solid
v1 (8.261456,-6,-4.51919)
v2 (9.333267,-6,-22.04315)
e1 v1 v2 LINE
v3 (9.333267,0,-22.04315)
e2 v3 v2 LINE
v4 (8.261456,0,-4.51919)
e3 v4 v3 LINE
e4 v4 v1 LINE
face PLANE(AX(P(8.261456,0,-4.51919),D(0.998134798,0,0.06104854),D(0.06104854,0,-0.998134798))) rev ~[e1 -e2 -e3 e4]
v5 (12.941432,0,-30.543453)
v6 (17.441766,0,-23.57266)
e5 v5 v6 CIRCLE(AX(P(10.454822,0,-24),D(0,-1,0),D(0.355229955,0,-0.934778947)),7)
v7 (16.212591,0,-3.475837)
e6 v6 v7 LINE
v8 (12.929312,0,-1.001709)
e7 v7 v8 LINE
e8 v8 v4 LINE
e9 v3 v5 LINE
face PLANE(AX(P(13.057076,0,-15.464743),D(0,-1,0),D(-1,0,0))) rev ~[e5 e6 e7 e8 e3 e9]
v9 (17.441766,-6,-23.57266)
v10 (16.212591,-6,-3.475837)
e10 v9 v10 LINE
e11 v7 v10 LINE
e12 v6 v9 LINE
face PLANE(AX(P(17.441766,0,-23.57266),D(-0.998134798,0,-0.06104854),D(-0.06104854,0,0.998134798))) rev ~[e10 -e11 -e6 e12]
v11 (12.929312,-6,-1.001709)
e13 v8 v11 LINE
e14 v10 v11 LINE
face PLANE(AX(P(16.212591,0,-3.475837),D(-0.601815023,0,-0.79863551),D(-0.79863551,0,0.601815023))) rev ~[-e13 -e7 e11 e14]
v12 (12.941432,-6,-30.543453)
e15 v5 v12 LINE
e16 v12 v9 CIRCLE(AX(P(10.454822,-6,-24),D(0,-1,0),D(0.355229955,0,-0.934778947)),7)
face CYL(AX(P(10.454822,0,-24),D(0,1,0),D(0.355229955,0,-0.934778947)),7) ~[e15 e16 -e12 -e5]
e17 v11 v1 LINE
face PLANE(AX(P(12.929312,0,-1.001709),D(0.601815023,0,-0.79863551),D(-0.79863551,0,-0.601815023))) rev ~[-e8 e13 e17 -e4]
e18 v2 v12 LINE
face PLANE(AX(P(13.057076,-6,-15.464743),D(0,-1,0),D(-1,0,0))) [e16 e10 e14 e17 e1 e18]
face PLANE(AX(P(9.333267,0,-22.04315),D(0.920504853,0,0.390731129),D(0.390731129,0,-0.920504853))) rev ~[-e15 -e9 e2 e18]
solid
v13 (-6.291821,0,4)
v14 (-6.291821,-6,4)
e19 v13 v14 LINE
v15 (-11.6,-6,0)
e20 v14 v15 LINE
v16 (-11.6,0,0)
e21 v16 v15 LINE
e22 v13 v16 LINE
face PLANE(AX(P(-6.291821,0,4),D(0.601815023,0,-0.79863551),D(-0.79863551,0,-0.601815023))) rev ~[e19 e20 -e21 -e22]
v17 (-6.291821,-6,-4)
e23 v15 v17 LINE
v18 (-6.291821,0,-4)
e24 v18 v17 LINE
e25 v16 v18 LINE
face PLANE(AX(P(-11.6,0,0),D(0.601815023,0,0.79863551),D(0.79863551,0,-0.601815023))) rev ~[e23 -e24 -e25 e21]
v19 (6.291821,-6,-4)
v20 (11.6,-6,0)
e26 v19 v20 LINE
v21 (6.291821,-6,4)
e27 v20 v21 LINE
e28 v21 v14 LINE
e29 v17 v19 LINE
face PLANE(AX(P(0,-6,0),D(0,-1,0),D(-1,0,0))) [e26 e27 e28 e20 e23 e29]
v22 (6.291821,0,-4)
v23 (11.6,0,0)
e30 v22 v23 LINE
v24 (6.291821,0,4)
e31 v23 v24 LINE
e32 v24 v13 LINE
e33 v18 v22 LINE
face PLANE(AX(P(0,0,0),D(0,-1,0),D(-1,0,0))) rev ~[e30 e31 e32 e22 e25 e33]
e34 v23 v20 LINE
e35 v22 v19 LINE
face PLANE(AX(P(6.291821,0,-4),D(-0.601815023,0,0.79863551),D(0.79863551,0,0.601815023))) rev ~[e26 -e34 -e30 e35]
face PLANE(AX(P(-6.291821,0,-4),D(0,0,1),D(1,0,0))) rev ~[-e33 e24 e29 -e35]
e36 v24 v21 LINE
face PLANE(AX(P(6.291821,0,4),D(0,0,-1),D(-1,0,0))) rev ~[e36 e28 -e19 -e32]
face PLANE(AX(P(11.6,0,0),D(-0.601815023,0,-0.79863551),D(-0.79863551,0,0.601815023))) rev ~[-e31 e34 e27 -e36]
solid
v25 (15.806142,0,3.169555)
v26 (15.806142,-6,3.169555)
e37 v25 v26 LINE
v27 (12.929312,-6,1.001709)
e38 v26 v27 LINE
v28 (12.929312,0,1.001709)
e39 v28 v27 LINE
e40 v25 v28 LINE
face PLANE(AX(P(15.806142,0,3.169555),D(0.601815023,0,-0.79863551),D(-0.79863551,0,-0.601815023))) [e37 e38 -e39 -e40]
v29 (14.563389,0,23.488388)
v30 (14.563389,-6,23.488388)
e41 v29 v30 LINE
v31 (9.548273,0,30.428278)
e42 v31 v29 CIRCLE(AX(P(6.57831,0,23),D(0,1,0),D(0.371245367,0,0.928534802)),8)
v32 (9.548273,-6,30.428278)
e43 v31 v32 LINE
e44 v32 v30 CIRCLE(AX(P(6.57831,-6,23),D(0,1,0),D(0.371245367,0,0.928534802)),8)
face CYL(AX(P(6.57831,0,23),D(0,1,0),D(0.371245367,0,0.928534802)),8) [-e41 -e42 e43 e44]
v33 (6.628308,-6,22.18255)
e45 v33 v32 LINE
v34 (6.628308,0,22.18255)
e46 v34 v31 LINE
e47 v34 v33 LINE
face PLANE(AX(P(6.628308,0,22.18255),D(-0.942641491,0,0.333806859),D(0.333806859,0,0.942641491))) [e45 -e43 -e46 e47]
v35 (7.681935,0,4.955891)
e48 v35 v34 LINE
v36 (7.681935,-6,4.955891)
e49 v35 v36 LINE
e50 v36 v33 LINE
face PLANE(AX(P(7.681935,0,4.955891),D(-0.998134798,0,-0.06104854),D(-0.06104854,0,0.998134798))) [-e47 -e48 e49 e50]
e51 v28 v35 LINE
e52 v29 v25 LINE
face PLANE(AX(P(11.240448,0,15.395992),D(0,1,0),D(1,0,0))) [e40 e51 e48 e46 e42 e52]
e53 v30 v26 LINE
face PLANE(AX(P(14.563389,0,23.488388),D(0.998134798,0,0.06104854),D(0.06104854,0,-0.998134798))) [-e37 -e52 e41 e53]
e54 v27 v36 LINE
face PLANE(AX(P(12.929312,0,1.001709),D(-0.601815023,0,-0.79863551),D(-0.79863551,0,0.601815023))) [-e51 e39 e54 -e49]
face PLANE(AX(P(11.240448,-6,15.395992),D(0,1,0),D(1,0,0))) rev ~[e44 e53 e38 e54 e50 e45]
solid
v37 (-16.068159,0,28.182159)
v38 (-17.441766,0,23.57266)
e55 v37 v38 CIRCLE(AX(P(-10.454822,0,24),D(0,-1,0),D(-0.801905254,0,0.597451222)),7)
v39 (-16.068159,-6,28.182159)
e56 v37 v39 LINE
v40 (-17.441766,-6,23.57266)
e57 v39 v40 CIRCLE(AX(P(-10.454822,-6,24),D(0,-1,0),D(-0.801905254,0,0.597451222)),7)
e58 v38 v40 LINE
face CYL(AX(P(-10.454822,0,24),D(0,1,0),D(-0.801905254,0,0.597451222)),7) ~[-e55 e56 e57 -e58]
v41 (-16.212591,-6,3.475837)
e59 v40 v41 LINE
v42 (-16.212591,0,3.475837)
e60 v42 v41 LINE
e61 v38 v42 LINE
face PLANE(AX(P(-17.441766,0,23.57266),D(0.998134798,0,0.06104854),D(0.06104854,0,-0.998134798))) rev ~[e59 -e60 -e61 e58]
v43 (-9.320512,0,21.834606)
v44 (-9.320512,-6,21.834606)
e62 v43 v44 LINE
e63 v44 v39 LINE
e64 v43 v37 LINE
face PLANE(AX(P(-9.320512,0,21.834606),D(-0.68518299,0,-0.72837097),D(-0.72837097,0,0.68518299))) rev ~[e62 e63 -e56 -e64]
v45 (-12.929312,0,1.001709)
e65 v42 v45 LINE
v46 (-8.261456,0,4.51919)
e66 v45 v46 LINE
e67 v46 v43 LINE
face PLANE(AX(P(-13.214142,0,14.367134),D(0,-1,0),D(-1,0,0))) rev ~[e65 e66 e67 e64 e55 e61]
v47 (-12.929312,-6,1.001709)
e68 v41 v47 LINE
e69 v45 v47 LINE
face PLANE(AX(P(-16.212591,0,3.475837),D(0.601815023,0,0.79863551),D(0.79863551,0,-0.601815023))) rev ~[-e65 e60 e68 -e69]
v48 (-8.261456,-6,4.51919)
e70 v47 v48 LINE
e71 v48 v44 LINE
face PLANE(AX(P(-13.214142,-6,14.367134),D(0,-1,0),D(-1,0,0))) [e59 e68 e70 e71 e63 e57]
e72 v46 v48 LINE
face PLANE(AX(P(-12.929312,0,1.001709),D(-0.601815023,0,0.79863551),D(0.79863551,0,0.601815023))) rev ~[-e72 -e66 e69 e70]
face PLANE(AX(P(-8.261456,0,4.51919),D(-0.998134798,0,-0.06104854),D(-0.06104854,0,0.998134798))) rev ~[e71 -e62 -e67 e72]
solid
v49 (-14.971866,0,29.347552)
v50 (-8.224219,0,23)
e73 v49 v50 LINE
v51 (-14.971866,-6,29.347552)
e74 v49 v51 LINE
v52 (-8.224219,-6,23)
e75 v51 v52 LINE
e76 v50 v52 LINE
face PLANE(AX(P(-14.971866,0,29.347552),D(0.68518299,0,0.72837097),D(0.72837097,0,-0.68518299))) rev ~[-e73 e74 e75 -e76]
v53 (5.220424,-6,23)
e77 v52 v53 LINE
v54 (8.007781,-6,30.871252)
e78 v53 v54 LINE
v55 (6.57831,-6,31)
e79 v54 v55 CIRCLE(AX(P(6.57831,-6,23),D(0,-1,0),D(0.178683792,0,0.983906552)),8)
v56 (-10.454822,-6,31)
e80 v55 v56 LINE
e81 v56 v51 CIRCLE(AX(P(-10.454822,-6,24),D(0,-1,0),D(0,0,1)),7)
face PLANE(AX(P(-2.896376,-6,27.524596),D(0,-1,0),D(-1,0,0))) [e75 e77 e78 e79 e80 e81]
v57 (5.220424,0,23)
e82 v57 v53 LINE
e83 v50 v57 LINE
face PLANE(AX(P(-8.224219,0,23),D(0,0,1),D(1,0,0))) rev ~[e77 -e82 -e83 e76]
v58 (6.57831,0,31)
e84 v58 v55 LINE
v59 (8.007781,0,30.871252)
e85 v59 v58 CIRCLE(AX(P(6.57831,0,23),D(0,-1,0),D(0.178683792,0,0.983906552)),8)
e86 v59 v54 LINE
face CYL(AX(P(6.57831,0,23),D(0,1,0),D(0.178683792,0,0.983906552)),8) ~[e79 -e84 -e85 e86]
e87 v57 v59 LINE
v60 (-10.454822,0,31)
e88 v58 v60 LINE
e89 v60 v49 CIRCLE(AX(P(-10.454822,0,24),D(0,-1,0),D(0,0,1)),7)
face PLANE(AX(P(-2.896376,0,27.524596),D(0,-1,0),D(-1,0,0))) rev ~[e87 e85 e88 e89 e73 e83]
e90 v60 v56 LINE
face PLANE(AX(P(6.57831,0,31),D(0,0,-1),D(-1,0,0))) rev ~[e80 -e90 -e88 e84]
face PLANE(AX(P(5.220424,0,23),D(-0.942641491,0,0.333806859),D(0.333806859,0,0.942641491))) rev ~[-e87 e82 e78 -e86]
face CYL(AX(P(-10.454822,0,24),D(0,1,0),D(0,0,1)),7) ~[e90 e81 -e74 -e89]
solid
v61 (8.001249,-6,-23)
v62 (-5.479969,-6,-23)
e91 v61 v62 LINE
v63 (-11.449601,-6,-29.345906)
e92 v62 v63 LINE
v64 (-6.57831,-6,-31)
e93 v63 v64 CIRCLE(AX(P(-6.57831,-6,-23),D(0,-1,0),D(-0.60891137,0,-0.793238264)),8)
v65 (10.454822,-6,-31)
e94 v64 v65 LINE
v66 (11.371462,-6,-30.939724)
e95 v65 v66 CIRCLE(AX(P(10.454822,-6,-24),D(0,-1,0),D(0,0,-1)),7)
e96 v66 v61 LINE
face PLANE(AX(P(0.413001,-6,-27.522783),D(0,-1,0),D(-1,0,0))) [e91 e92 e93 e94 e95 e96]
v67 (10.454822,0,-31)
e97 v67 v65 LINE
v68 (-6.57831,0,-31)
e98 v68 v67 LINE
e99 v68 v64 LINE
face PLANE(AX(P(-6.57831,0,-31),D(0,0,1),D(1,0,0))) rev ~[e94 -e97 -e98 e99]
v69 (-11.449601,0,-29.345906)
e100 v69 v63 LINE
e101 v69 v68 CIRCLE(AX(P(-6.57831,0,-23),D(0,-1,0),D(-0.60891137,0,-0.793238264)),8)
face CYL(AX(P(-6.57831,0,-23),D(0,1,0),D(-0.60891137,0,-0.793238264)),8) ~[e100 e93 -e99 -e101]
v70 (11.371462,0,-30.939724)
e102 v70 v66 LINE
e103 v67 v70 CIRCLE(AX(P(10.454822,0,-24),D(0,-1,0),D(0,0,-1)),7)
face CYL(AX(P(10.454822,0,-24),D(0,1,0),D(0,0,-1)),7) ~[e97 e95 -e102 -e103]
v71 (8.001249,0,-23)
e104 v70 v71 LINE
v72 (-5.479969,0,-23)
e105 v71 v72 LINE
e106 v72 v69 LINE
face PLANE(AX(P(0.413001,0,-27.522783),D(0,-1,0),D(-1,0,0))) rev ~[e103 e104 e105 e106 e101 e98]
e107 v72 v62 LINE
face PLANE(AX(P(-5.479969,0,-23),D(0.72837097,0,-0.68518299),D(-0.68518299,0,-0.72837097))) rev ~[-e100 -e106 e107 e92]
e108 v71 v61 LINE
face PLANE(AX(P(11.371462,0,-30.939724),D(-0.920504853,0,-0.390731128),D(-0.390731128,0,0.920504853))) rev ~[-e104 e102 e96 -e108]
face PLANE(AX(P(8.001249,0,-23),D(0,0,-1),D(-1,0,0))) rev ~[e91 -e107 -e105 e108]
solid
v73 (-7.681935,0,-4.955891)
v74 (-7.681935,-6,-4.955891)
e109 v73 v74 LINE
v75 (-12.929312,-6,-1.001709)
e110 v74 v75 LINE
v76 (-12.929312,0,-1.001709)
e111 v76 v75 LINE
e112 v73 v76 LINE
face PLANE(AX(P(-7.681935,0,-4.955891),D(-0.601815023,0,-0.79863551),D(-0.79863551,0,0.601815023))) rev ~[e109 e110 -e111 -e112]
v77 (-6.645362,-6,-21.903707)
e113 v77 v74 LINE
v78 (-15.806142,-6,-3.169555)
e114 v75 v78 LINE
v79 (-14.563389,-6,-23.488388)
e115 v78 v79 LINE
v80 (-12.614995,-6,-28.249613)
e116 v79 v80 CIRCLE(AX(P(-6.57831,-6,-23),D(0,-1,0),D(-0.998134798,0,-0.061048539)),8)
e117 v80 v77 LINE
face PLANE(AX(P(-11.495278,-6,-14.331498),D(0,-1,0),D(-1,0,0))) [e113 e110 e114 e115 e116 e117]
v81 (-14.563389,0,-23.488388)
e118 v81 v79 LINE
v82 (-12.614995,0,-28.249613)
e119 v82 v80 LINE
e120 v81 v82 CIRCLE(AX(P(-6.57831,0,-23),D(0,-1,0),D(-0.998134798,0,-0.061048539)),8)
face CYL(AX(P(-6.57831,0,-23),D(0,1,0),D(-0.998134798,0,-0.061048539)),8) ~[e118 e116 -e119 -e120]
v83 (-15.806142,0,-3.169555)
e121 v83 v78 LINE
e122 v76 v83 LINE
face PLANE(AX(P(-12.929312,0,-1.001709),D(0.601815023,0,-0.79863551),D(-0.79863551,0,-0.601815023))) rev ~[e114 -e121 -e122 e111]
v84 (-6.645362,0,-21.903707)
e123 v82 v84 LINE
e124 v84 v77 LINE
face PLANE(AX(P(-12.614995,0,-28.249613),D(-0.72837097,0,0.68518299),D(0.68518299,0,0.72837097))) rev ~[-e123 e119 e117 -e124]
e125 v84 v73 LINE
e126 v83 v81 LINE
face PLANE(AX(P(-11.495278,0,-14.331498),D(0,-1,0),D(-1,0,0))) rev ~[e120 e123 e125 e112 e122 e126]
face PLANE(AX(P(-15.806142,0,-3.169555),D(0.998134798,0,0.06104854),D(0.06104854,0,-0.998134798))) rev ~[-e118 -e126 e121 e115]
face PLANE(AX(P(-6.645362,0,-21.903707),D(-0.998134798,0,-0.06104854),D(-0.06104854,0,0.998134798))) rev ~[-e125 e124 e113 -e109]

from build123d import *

# Parameters (mm, degrees)
BOSS_EXTRUDE1_DEPTH   = 6
BOSS_EXTRUDE1_2_DEPTH = 6
BOSS_EXTRUDE1_3_DEPTH = 6
BOSS_EXTRUDE1_4_DEPTH = 6
BOSS_EXTRUDE1_5_DEPTH = 6
BOSS_EXTRUDE1_6_DEPTH = 6
BOSS_EXTRUDE1_7_DEPTH = 6


with BuildPart() as part:
    # Sketch3 → Boss-Extrude1 (new body)
    with BuildSketch(Plane(origin=(0, 0, 0), x_dir=(1, 0, 0), z_dir=(0, 1, 0))):
        with BuildLine():
            ThreePointArc((-14.563388627, 23.488388316), (-13.982347964, 26.029888674), (-12.614994756, 28.249613324))
            Line((-12.614994756, 28.249613324), (-6.645362379, 21.903707215))
            Line((-6.645362379, 21.903707215), (-7.681935248, 4.955890615))
            Line((-7.681935248, 4.955890615), (-12.929312113, 1.001708527))
            Line((-12.929312113, 1.001708527), (-15.806141704, 3.169555117))
            Line((-15.806141704, 3.169555117), (-14.563388627, 23.488388316))
        make_face()
    extrude(amount=-BOSS_EXTRUDE1_DEPTH)


with BuildPart() as body_2:
    # Sketch3 → Boss-Extrude1 2 (new body)
    with BuildSketch(Plane(origin=(0, 0, 0), x_dir=(1, 0, 0), z_dir=(0, 1, 0))):
        with BuildLine():
            ThreePointArc((10.454822074, 31), (10.91413207, 30.984914769), (11.371462409, 30.939724094))
            Line((11.371462409, 30.939724094), (8.001249484, 23))
            Line((8.001249484, 23), (-5.479968827, 23))
            Line((-5.479968827, 23), (-11.449601204, 29.345906109))
            ThreePointArc((-11.449601204, 29.345906109), (-9.150541871, 30.57519798), (-6.57831024, 31))
            Line((-6.57831024, 31), (10.454822074, 31))
        make_face()
    extrude(amount=-BOSS_EXTRUDE1_2_DEPTH)


with BuildPart() as body_3:
    # Sketch3 → Boss-Extrude1 3 (new body)
    with BuildSketch(Plane(origin=(0, 0, 0), x_dir=(1, 0, 0), z_dir=(0, 1, 0))):
        with BuildLine():
            ThreePointArc((12.941431756, 30.543452628), (16.335726731, 27.796703889), (17.441765663, 23.572660223))
            Line((17.441765663, 23.572660223), (16.212591289, 3.475836847))
            Line((16.212591289, 3.475836847), (12.929312113, 1.001708527))
            Line((12.929312113, 1.001708527), (8.261456028, 4.519190384))
            Line((8.261456028, 4.519190384), (9.333267306, 22.043149873))
            Line((9.333267306, 22.043149873), (12.941431756, 30.543452628))
        make_face()
    extrude(amount=-BOSS_EXTRUDE1_3_DEPTH)


with BuildPart() as body_4:
    # Sketch3 → Boss-Extrude1 4 (new body)
    with BuildSketch(Plane(origin=(0, 0, 0), x_dir=(1, 0, 0), z_dir=(0, 1, 0))):
        Polygon((-6.291820714, -4), (-11.6, 0), (-6.291820714, 4), (6.291820714, 4), (11.6, 0), (6.291820714, -4), align=None)
    extrude(amount=-BOSS_EXTRUDE1_4_DEPTH)


with BuildPart() as body_5:
    # Sketch3 → Boss-Extrude1 5 (new body)
    with BuildSketch(Plane(origin=(0, 0, 0), x_dir=(1, 0, 0), z_dir=(0, 1, 0))):
        with BuildLine():
            ThreePointArc((-16.068158856, -28.182158554), (-17.163296944, -25.999091025), (-17.441765663, -23.572660223))
            Line((-17.441765663, -23.572660223), (-16.212591289, -3.475836847))
            Line((-16.212591289, -3.475836847), (-12.929312113, -1.001708527))
            Line((-12.929312113, -1.001708527), (-8.261456028, -4.519190384))
            Line((-8.261456028, -4.519190384), (-9.320512244, -21.834606448))
            Line((-9.320512244, -21.834606448), (-16.068158856, -28.182158554))
        make_face()
    extrude(amount=-BOSS_EXTRUDE1_5_DEPTH)


with BuildPart() as body_6:
    # Sketch3 → Boss-Extrude1 6 (new body)
    with BuildSketch(Plane(origin=(0, 0, 0), x_dir=(1, 0, 0), z_dir=(0, 1, 0))):
        with BuildLine():
            ThreePointArc((-10.454822074, -31), (-12.859726985, -30.573920624), (-14.971866072, -29.347552106))
            Line((-14.971866072, -29.347552106), (-8.224219459, -23))
            Line((-8.224219459, -23), (5.220423905, -23))
            Line((5.220423905, -23), (8.007780574, -30.871252414))
            ThreePointArc((8.007780574, -30.871252414), (7.295938517, -30.967748092), (6.57831024, -31))
            Line((6.57831024, -31), (-10.454822074, -31))
        make_face()
    extrude(amount=-BOSS_EXTRUDE1_6_DEPTH)


with BuildPart() as body_7:
    # Sketch3 → Boss-Extrude1 7 (new body)
    with BuildSketch(Plane(origin=(0, 0, 0), x_dir=(1, 0, 0), z_dir=(0, 1, 0))):
        with BuildLine():
            Line((6.62830762, -22.182550065), (9.548273172, -30.428278413))
            ThreePointArc((9.548273172, -30.428278413), (13.062425539, -27.685749543), (14.563388627, -23.488388316))
            Line((14.563388627, -23.488388316), (15.806141704, -3.169555117))
            Line((15.806141704, -3.169555117), (12.929312113, -1.001708527))
            Line((12.929312113, -1.001708527), (7.681935248, -4.955890615))
            Line((7.681935248, -4.955890615), (6.62830762, -22.182550065))
        make_face()
    extrude(amount=-BOSS_EXTRUDE1_7_DEPTH)


solid = Compound([part.part, body_2.part, body_3.part, body_4.part, body_5.part, body_6.part, body_7.part])
